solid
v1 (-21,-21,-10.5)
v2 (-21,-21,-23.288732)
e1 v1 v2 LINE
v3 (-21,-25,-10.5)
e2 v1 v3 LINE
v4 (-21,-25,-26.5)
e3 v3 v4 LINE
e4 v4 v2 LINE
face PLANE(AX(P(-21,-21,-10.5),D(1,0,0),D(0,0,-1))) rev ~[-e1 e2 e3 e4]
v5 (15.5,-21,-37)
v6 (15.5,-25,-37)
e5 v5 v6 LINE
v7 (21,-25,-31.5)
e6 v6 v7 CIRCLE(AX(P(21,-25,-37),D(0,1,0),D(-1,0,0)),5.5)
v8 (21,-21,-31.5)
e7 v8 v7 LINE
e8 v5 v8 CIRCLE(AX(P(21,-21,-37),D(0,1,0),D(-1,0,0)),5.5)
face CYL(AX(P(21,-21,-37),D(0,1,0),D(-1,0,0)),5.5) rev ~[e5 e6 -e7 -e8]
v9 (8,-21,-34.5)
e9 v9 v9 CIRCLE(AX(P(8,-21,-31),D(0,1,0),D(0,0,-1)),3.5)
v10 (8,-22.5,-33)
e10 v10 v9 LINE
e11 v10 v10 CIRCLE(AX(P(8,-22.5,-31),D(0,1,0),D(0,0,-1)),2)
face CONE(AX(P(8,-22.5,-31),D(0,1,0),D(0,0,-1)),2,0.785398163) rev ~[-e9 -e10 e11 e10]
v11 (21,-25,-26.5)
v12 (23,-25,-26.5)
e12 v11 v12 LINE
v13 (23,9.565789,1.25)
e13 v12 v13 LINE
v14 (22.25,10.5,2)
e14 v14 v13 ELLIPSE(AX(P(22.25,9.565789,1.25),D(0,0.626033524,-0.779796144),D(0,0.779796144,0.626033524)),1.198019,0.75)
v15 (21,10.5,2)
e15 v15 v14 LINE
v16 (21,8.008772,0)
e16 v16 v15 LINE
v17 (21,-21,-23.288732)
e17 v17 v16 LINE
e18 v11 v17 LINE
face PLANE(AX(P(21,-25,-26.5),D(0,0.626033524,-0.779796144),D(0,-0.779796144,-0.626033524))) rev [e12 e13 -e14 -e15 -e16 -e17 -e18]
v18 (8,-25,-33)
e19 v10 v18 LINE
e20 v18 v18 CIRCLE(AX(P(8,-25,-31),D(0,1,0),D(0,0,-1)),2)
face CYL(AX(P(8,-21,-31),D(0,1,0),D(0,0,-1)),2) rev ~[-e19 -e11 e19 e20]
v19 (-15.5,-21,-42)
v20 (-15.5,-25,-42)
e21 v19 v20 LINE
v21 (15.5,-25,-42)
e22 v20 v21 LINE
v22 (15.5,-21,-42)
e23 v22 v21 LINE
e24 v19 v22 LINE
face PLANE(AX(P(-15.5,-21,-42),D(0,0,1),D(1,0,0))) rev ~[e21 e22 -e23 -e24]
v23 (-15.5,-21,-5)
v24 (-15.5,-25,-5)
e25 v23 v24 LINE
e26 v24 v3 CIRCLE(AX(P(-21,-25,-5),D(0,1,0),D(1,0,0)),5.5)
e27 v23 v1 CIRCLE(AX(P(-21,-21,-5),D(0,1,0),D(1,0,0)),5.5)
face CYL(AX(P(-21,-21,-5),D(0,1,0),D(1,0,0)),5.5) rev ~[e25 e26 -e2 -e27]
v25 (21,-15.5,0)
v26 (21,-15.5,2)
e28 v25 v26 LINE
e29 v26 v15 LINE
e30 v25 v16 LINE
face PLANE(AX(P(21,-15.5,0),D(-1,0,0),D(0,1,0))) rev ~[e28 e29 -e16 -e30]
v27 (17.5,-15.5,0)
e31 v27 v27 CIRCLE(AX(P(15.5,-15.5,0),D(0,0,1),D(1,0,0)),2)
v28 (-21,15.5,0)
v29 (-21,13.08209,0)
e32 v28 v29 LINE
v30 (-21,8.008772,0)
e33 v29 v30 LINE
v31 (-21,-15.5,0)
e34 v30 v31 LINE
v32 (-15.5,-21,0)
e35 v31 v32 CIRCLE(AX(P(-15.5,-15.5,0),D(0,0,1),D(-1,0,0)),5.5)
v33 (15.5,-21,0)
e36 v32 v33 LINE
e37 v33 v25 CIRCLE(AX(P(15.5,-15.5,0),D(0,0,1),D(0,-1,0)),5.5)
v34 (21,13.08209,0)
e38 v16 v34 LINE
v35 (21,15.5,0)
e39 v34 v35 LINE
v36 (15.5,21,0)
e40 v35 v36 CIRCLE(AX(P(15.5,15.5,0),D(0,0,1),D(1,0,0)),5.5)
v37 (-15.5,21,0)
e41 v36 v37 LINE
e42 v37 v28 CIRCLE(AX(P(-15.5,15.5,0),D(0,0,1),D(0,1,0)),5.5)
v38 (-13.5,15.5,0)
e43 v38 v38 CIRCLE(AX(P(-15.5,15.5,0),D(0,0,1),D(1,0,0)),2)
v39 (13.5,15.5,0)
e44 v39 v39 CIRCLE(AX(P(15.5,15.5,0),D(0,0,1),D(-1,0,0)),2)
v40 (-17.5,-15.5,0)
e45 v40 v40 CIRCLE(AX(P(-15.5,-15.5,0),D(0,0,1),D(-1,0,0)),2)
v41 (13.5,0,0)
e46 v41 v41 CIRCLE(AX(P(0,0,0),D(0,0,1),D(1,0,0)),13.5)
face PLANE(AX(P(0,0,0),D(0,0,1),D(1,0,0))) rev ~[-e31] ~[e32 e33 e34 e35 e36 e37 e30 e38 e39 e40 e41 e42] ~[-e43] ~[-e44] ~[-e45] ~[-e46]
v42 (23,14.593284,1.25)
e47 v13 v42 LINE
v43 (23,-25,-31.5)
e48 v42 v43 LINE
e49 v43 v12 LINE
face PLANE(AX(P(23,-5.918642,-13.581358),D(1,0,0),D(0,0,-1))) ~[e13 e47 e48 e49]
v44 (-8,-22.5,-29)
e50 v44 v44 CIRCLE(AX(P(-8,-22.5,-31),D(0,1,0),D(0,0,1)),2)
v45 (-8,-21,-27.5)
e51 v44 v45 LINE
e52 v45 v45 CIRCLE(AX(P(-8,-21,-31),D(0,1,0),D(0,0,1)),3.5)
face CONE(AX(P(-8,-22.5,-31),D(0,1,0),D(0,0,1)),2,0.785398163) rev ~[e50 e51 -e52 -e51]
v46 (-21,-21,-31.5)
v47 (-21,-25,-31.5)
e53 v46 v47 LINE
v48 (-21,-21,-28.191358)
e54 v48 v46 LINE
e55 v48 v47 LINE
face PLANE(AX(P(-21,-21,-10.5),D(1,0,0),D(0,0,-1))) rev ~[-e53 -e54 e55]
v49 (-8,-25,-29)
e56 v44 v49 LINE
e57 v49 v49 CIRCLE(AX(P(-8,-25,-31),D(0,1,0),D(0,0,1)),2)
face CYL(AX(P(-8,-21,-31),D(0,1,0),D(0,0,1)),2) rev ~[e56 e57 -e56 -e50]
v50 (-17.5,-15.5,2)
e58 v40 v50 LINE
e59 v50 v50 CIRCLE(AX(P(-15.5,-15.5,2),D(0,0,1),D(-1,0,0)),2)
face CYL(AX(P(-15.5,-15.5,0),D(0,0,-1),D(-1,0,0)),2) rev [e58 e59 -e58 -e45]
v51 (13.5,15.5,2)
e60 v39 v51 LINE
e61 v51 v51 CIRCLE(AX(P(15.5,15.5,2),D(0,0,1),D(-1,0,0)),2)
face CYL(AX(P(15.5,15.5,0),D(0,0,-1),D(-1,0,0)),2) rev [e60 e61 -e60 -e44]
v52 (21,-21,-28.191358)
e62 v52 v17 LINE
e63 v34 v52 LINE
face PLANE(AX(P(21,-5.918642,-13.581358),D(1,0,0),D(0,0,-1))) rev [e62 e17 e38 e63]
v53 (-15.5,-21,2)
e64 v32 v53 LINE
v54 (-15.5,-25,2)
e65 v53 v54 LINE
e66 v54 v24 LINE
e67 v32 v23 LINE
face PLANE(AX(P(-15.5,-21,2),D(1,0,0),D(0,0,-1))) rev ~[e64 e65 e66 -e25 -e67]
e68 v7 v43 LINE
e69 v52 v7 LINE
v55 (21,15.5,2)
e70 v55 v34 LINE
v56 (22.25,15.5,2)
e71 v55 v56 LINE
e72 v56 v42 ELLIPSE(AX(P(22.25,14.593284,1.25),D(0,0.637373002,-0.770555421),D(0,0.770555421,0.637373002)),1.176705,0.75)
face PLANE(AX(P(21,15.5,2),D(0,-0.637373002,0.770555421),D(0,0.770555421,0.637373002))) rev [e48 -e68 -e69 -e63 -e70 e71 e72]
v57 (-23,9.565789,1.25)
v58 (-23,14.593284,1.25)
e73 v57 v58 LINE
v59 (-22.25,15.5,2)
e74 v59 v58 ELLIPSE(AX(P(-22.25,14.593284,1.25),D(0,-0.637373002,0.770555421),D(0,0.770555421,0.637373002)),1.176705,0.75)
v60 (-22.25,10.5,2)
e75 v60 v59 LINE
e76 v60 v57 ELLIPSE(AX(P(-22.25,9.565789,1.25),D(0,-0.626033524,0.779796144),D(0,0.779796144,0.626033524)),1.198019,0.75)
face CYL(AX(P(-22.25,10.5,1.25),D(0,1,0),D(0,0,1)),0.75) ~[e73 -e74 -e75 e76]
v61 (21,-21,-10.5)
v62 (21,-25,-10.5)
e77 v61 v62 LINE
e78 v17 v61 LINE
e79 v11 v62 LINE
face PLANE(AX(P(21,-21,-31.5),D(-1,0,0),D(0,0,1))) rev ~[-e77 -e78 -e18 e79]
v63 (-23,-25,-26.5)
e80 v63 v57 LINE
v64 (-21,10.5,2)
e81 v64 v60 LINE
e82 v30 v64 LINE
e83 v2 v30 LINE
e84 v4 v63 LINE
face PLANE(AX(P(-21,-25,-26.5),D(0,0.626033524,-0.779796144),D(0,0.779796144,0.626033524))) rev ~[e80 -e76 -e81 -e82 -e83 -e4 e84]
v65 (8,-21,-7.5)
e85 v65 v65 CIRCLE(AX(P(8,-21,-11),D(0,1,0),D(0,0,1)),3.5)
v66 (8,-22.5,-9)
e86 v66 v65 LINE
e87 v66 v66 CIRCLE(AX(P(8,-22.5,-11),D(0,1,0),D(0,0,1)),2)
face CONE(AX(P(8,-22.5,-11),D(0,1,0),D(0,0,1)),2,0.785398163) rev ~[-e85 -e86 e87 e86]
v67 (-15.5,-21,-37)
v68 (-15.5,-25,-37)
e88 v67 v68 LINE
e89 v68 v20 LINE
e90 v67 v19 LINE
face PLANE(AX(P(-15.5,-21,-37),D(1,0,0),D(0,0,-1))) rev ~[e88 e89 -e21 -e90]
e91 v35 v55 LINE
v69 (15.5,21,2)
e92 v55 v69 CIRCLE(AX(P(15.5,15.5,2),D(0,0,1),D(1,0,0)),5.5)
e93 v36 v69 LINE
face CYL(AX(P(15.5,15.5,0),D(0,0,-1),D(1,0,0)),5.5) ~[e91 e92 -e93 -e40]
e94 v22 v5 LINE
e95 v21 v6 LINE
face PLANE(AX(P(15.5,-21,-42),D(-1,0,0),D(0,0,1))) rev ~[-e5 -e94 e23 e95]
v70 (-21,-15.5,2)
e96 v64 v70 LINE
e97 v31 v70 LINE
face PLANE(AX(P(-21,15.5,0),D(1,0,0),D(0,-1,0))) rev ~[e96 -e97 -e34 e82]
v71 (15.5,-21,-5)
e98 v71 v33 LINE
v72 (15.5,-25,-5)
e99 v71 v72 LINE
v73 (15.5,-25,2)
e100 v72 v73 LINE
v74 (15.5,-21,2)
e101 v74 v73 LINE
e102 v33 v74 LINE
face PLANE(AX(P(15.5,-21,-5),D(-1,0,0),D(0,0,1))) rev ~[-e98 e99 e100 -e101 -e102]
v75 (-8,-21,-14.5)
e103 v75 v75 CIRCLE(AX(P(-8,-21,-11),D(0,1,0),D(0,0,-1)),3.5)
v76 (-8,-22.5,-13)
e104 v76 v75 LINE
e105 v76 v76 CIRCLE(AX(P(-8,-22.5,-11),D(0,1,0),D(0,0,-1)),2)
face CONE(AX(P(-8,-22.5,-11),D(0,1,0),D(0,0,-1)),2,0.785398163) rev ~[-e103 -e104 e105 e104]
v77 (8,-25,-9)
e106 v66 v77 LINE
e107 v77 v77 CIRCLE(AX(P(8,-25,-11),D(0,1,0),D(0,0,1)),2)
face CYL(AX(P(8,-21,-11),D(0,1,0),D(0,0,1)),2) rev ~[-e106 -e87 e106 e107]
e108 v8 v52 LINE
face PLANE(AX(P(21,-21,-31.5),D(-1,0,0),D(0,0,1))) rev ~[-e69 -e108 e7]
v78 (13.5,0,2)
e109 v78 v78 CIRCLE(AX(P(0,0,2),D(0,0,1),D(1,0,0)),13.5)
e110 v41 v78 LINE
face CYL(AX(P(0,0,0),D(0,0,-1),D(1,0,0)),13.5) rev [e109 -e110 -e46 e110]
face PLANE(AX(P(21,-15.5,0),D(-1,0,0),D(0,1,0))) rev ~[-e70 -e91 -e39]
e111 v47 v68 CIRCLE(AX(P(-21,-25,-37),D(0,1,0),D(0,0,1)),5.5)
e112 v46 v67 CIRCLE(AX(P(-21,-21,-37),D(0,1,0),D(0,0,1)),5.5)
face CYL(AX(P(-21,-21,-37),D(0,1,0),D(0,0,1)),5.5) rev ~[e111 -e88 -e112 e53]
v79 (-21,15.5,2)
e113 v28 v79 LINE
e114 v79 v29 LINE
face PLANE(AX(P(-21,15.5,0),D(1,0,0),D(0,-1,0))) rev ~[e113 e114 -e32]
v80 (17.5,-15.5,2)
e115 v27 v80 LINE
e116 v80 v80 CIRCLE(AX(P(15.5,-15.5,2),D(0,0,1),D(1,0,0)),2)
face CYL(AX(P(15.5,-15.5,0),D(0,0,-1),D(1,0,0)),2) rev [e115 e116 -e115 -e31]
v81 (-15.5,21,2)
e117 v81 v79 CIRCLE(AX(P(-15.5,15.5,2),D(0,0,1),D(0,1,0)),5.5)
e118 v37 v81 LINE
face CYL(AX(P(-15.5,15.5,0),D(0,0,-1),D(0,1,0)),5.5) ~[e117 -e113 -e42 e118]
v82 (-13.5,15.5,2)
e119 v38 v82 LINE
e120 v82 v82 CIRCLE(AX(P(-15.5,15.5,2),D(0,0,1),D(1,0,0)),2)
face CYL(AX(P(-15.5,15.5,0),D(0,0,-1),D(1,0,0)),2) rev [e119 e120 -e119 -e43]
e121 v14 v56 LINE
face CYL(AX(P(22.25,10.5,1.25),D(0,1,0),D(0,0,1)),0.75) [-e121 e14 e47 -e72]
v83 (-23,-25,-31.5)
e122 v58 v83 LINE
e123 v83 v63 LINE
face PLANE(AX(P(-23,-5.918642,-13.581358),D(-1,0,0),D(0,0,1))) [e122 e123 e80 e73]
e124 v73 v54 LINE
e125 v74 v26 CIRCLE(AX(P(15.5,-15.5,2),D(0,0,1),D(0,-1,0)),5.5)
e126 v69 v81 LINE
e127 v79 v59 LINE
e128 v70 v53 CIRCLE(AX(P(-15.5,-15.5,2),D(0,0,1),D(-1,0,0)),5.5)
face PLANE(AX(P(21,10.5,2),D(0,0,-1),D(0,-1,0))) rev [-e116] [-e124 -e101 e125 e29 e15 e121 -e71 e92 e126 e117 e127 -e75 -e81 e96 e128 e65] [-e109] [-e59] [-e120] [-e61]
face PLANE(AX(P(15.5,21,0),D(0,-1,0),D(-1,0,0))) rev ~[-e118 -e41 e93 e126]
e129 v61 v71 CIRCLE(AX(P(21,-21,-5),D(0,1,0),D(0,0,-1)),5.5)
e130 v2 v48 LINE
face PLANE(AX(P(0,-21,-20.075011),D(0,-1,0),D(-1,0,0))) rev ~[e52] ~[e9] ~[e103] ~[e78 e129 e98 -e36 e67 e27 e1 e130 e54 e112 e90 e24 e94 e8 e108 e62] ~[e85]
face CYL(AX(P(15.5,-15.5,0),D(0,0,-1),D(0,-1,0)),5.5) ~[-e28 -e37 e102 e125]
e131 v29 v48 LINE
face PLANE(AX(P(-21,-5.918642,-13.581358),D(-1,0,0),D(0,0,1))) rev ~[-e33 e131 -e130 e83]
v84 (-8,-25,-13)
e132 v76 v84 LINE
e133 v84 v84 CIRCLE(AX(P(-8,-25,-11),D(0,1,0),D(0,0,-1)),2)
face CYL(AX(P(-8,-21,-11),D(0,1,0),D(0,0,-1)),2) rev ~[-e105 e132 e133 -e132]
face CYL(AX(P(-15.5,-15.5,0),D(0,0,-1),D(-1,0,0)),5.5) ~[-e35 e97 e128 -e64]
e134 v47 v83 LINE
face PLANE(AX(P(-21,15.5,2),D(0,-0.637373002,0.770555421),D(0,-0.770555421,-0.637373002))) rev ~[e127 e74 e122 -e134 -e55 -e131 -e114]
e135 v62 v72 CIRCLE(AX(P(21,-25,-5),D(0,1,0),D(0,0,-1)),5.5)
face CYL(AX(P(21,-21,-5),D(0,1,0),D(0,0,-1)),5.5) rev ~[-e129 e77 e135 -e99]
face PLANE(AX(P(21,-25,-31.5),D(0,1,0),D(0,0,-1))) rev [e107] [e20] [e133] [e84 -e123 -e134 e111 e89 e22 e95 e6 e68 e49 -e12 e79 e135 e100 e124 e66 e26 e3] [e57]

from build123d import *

# Parameters (mm, degrees)
SKETCH1_R           = 2
SKETCH1_R_2         = 13.5
BOSS_EXTRUDE1_DEPTH = 2
SKETCH4_R           = 2
BOSS_EXTRUDE2_DEPTH = 4
CHAMFER1_SIZE       = 1.5
BOSS_EXTRUDE3_DEPTH = 2
FILLET2_R           = 0.75
FILLET4_R           = 0.75


with BuildPart() as part:
    # Sketch1 → Boss-Extrude1 (new body)
    with BuildSketch(Plane.XY):
        with BuildLine():
            Line((-15.5, -21), (15.5, -21))
            ThreePointArc((15.5, -21), (19.389087297, -19.389087297), (21, -15.5))
            Line((21, -15.5), (21, 15.5))
            ThreePointArc((21, 15.5), (19.389087297, 19.389087297), (15.5, 21))
            Line((15.5, 21), (-15.5, 21))
            ThreePointArc((-15.5, 21), (-19.389087297, 19.389087297), (-21, 15.5))
            Line((-21, 15.5), (-21, -15.5))
            ThreePointArc((-21, -15.5), (-19.389087297, -19.389087297), (-15.5, -21))
        make_face()
        with Locations((-15.5, 15.5)):
            Circle(SKETCH1_R, mode=Mode.SUBTRACT)
        with Locations(Location((-15.5, -15.5, 0), (0, 0, 180))):
            Circle(SKETCH1_R, mode=Mode.SUBTRACT)
        with Locations((15.5, -15.5)):
            Circle(SKETCH1_R, mode=Mode.SUBTRACT)
        with Locations(Location((15.5, 15.5, 0), (0, 0, 180))):
            Circle(SKETCH1_R, mode=Mode.SUBTRACT)
        Circle(SKETCH1_R_2, mode=Mode.SUBTRACT)
    extrude(amount=BOSS_EXTRUDE1_DEPTH)



with BuildPart() as body_2:
    # Sketch4 → Boss-Extrude2 (new body)
    with BuildSketch(Plane(origin=(0, -21, 0), x_dir=(1, 0, 0), z_dir=(0, 1, 0))):
        with BuildLine():
            Line((-15.5, 0), (-15.5, 5))
            ThreePointArc((-15.5, 5), (-17.110912703, 8.889087297), (-21, 10.5))
            Line((-21, 10.5), (-21, 31.5))
            ThreePointArc((-21, 31.5), (-17.110912703, 33.110912703), (-15.5, 37))
            Line((-15.5, 37), (-15.5, 42))
            Line((-15.5, 42), (15.5, 42))
            Line((15.5, 42), (15.5, 37))
            ThreePointArc((15.5, 37), (17.110912703, 33.110912703), (21, 31.5))
            Line((21, 31.5), (21, 10.5))
            ThreePointArc((21, 10.5), (17.110912703, 8.889087297), (15.5, 5))
            Line((15.5, 5), (15.5, 0))
            Line((15.5, 0), (15.5, -2))
            Line((15.5, -2), (-15.5, -2))
            Line((-15.5, -2), (-15.5, 0))
        make_face()
        with Locations(Location((-8, 31, 0), (0, 0, 270))):
            Circle(SKETCH4_R, mode=Mode.SUBTRACT)
        with Locations(Location((-8, 11, 0), (0, 0, 90))):
            Circle(SKETCH4_R, mode=Mode.SUBTRACT)
        with Locations(Location((8, 31, 0), (0, 0, 90))):
            Circle(SKETCH4_R, mode=Mode.SUBTRACT)
        with Locations(Location((8, 11, 0), (0, 0, 270))):
            Circle(SKETCH4_R, mode=Mode.SUBTRACT)
    extrude(amount=-BOSS_EXTRUDE2_DEPTH)

    # Chamfer1
    chamfer1_edges = [body_2.edges().sort_by_distance(p)[0] for p in [
        (-8, -21, -33),
        (-8, -21, -9),
        (8, -21, -29),
        (8, -21, -13),
    ]]
    chamfer(chamfer1_edges, length=CHAMFER1_SIZE)


with BuildPart() as part_1:
    add(part.part)

    add(body_2.part)  # Boss-Extrude3 merges body 2
    # Sketch5 → Boss-Extrude3 (add)
    with BuildSketch(Plane.ZY.offset(21)):
        Polygon((-26.5, -25), (2, 10.5), (2, 15.5), (-31.5, -25), align=None)
    boss_extrude3 = extrude(amount=BOSS_EXTRUDE3_DEPTH)

    # Mirror5: Boss-Extrude3 across plane
    add(boss_extrude3.mirror(Plane(origin=(0, 0, 0), x_dir=(0, 0, 1), z_dir=(1, 0, 0))))

    # Fillet2
    fillet2_edges = [part_1.edges().sort_by_distance(p)[0] for p in [
        (23, 13, 2),
    ]]
    fillet(fillet2_edges, radius=FILLET2_R)

    # Fillet4
    fillet4_edges = [part_1.edges().sort_by_distance(p)[0] for p in [
        (-23, 13, 2),
    ]]
    fillet(fillet4_edges, radius=FILLET4_R)


solid = part_1.part
